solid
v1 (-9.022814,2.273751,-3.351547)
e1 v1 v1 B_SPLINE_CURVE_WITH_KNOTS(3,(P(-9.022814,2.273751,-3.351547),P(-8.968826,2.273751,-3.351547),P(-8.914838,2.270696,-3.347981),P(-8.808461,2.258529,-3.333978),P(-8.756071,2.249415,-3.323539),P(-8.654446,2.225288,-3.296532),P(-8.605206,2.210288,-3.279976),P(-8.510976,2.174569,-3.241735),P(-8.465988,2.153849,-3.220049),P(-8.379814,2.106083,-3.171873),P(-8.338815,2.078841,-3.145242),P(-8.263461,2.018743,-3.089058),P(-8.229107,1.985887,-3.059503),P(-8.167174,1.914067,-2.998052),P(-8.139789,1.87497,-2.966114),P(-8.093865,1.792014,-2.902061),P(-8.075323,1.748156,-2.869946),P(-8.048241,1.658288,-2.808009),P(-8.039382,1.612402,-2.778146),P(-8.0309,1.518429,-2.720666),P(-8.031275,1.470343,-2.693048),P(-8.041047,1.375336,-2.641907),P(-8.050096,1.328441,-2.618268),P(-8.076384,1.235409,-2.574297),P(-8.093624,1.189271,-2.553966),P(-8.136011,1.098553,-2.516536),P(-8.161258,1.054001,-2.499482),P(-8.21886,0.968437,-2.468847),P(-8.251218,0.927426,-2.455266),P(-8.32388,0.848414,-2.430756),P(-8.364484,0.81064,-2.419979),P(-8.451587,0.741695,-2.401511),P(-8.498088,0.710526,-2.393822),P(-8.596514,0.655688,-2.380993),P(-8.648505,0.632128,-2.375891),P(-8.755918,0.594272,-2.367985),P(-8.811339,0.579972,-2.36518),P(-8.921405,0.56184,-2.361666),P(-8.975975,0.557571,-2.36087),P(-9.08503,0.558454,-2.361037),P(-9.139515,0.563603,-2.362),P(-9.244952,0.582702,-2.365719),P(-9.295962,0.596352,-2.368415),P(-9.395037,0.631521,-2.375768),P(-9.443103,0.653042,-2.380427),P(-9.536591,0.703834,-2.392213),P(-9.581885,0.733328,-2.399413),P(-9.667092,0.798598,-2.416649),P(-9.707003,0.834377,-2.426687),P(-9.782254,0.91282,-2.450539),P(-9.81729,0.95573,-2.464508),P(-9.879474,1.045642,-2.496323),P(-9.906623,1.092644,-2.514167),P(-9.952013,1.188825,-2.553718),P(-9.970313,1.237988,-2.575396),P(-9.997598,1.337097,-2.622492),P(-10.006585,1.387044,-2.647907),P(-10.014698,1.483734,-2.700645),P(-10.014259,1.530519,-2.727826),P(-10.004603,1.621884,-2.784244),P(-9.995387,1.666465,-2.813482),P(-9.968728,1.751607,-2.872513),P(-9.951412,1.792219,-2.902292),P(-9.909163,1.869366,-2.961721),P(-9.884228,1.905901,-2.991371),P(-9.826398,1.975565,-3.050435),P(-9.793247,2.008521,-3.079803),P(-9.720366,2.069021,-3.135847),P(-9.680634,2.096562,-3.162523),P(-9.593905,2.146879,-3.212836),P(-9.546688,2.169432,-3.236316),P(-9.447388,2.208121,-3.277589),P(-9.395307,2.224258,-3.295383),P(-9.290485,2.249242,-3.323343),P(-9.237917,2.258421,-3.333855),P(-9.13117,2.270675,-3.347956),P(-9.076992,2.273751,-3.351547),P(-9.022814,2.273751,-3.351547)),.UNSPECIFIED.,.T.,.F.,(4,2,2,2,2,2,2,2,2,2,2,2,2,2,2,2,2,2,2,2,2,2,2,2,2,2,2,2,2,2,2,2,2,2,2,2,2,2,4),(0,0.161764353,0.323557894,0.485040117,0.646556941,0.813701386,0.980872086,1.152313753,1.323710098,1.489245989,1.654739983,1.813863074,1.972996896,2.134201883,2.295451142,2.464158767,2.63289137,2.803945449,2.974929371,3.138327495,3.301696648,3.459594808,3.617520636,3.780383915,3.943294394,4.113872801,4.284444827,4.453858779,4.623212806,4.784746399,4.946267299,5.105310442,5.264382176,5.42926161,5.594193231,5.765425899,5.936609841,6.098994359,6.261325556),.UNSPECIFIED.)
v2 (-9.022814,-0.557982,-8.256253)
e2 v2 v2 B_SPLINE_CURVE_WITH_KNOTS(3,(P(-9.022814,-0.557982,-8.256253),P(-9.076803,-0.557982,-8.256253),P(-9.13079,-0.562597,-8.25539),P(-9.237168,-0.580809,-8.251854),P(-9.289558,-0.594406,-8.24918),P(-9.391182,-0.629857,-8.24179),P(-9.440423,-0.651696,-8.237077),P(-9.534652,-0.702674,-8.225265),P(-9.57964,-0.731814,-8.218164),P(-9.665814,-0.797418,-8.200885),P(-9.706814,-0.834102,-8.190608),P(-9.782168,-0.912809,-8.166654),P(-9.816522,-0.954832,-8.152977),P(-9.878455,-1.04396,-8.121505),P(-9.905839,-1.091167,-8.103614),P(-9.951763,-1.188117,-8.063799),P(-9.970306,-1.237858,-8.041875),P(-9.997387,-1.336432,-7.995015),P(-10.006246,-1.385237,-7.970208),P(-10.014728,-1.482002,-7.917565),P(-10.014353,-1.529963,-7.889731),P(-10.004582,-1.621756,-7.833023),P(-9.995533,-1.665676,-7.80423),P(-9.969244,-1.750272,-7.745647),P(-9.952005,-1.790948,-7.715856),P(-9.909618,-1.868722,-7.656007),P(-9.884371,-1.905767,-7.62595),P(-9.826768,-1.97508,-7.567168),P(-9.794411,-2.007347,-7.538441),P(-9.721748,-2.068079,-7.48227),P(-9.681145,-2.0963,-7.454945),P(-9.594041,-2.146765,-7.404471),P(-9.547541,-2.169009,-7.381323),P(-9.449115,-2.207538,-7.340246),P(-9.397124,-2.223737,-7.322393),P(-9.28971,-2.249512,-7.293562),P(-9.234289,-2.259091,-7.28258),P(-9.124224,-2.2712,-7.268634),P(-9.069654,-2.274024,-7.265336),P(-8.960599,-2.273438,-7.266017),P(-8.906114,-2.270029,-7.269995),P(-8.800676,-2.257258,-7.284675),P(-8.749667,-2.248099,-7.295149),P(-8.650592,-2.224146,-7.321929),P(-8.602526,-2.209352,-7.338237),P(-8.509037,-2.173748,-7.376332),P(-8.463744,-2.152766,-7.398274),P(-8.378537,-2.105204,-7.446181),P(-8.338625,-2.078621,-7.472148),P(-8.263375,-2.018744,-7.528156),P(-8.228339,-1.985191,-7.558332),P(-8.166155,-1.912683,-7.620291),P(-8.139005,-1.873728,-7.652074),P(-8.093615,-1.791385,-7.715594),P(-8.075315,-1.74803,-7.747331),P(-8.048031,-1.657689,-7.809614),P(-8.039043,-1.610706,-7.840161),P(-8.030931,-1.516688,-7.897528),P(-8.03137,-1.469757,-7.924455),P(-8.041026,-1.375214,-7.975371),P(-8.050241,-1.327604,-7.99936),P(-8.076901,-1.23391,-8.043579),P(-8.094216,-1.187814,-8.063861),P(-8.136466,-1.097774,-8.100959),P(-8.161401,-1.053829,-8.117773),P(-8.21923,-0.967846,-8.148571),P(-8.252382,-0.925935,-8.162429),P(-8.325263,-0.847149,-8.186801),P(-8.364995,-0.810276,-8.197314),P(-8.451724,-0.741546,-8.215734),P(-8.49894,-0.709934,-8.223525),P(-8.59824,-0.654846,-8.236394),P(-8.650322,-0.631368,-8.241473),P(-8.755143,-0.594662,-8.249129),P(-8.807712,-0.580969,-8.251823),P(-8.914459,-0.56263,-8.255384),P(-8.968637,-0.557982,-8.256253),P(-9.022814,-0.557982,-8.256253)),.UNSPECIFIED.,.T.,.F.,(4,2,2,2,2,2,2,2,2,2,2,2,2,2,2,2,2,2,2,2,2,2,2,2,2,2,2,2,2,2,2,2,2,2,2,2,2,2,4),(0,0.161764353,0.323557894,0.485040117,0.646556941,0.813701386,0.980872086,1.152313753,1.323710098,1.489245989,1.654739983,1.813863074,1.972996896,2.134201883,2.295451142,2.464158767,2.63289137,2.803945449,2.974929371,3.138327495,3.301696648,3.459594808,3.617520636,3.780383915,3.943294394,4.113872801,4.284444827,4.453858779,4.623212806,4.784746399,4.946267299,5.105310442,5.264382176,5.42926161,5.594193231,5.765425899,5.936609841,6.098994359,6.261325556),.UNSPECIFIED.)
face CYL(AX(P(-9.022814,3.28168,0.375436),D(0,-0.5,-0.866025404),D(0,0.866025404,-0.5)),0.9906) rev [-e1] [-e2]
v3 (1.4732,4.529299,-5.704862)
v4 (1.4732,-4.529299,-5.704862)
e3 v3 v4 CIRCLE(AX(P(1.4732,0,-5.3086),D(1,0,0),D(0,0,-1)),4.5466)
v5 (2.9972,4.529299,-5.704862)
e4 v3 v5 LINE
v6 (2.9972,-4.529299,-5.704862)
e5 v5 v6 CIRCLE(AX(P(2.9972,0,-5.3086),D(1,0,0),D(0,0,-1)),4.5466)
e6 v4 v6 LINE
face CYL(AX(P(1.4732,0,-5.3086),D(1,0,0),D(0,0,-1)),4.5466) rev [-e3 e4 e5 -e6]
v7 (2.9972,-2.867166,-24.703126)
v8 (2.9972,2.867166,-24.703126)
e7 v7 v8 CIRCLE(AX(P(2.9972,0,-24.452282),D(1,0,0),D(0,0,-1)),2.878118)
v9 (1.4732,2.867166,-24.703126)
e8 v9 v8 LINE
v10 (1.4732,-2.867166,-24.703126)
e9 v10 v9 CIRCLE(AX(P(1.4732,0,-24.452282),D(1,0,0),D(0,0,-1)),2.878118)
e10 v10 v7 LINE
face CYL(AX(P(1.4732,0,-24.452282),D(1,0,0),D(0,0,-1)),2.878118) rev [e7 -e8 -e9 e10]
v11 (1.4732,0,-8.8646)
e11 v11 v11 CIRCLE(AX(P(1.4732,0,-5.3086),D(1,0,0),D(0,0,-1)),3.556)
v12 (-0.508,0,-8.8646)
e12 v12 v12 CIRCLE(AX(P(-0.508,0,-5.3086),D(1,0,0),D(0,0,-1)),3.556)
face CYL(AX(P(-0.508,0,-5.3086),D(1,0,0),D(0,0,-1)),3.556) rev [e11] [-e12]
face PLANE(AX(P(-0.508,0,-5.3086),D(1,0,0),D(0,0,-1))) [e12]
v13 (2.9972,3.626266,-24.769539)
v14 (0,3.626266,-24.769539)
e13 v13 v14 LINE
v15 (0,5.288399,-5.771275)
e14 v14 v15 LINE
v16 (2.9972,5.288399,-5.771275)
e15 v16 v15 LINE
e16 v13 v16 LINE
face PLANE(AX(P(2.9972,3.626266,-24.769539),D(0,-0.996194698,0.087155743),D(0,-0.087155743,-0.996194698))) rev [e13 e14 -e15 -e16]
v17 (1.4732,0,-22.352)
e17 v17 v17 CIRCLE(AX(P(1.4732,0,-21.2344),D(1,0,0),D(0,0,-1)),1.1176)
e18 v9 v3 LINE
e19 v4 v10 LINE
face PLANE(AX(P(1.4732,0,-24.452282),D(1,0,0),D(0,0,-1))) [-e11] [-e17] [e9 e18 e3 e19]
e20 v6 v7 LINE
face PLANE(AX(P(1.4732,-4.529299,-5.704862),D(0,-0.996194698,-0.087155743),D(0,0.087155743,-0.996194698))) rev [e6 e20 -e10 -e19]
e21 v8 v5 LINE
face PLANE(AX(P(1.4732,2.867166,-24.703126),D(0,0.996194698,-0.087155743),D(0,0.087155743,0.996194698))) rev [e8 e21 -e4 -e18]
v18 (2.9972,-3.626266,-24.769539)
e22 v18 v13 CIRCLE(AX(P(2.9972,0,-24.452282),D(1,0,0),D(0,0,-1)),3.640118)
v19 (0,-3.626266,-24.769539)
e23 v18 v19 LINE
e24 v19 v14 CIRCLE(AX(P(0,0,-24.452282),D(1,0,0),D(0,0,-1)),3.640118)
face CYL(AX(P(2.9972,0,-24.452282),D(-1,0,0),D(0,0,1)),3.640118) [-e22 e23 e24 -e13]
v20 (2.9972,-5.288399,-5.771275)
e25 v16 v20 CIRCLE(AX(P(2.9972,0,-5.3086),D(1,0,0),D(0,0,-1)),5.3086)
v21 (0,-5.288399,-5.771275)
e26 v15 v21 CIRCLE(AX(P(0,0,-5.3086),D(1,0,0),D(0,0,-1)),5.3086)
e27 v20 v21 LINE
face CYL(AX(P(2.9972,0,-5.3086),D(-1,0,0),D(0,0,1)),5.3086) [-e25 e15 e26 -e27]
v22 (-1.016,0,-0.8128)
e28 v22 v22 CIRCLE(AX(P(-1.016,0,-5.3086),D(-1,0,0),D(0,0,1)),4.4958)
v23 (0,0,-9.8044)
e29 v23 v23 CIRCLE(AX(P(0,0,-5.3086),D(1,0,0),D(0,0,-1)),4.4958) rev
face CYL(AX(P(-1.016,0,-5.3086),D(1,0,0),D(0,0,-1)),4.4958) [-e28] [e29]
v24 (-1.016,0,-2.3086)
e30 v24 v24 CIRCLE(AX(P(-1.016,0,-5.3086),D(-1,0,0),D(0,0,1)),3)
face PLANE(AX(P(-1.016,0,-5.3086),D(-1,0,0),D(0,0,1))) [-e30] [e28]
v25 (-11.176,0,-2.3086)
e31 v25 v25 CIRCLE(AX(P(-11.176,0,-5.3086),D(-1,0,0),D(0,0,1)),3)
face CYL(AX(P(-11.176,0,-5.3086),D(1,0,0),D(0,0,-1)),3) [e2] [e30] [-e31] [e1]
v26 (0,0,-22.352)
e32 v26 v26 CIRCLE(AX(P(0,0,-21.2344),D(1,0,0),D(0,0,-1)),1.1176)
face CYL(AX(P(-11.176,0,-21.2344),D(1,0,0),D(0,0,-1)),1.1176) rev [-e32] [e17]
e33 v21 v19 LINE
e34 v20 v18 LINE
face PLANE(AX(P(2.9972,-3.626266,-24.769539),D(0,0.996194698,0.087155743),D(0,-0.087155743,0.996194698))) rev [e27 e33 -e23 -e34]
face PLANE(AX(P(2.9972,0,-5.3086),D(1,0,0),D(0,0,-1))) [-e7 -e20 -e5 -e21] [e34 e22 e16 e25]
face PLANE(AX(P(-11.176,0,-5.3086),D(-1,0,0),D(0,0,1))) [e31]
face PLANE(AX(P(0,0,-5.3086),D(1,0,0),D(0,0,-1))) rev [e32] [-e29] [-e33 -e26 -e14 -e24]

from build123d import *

# Parameters (mm, degrees)
BOSS_EXTRUDE1_DEPTH = 2.9972
SKETCH2_R           = 3
BOSS_EXTRUDE2_DEPTH = 11.176
SKETCH3_R           = 4.4958
BOSS_EXTRUDE3_DEPTH = 1.016
CUT_EXTRUDE1_DEPTH  = 1.524
SKETCH5_R           = 3.556
CUT_EXTRUDE2_DEPTH  = 1.9812
SKETCH6_R           = 1.1176
CUT_EXTRUDE3_DEPTH  = 32.262860272
SKETCH9_R           = 0.9906
CUT_EXTRUDE4_DEPTH  = 10.16


with BuildPart() as part:
    # Sketch1 → Boss-Extrude1 (new body)
    with BuildSketch(Plane(origin=(0, 0, 0), x_dir=(0, 0, -1), z_dir=(1, 0, 0))):
        with BuildLine():
            Line((24.769539012, 3.626266444), (5.771274976, 5.288399174))
            ThreePointArc((5.771274976, 5.288399174), (0, 0), (5.771274976, -5.288399174))
            Line((5.771274976, -5.288399174), (24.769539012, -3.626266444))
            ThreePointArc((24.769539012, -3.626266444), (28.0924, 0), (24.769539012, 3.626266444))
        make_face()
    extrude(amount=BOSS_EXTRUDE1_DEPTH)

    # Sketch2 → Boss-Extrude2 (add)
    with BuildSketch(Plane.ZY):
        with Locations(Location((-5.3086, 0, 0), (0, 0, 180))):
            Circle(SKETCH2_R)
    extrude(amount=BOSS_EXTRUDE2_DEPTH)

    # Sketch3 → Boss-Extrude3 (add)
    with BuildSketch(Plane.ZY):
        with Locations(Location((-5.3086, 0, 0), (0, 0, 180))):
            Circle(SKETCH3_R)
    extrude(amount=BOSS_EXTRUDE3_DEPTH)

    # Sketch4 → Cut-Extrude1 (cut)
    with BuildSketch(Plane(origin=(2.9972, 0, 0), x_dir=(0, 0, -1), z_dir=(1, 0, 0))):
        with BuildLine():
            Line((24.703126336, 2.867166085), (5.7048623, 4.529298814))
            ThreePointArc((5.7048623, 4.529298814), (0.762, 0), (5.7048623, -4.529298814))
            Line((5.7048623, -4.529298814), (24.703126336, -2.867166085))
            ThreePointArc((24.703126336, -2.867166085), (27.3304, 0), (24.703126336, 2.867166085))
        make_face()
    extrude(amount=-CUT_EXTRUDE1_DEPTH, mode=Mode.SUBTRACT)

    # Sketch5 → Cut-Extrude2 (cut)
    with BuildSketch(Plane(origin=(1.4732, 0, 0), x_dir=(0, 0, -1), z_dir=(1, 0, 0))):
        with Locations((5.3086, 0)):
            Circle(SKETCH5_R)
    extrude(amount=-CUT_EXTRUDE2_DEPTH, mode=Mode.SUBTRACT)

    # Sketch6 → Cut-Extrude3 (cut, through all)
    with BuildSketch(Plane(origin=(1.4732, 0, 0), x_dir=(0, 0, -1), z_dir=(1, 0, 0))):
        with Locations((21.2344, 0)):
            Circle(SKETCH6_R)
    extrude(amount=-CUT_EXTRUDE3_DEPTH, mode=Mode.SUBTRACT)

    # Sketch9 → Cut-Extrude4 (cut)
    with BuildSketch(Plane(origin=(0, -4.097011229, -7.096231608), x_dir=(-1, 0, 0), z_dir=(0, -0.500000000000004, -0.8660254037844363))):
        with Locations(Location((9.022814295, 2.6543, 0), (0, 0, 90))):
            Circle(SKETCH9_R)
    extrude(amount=-CUT_EXTRUDE4_DEPTH, mode=Mode.SUBTRACT)


solid = part.part
